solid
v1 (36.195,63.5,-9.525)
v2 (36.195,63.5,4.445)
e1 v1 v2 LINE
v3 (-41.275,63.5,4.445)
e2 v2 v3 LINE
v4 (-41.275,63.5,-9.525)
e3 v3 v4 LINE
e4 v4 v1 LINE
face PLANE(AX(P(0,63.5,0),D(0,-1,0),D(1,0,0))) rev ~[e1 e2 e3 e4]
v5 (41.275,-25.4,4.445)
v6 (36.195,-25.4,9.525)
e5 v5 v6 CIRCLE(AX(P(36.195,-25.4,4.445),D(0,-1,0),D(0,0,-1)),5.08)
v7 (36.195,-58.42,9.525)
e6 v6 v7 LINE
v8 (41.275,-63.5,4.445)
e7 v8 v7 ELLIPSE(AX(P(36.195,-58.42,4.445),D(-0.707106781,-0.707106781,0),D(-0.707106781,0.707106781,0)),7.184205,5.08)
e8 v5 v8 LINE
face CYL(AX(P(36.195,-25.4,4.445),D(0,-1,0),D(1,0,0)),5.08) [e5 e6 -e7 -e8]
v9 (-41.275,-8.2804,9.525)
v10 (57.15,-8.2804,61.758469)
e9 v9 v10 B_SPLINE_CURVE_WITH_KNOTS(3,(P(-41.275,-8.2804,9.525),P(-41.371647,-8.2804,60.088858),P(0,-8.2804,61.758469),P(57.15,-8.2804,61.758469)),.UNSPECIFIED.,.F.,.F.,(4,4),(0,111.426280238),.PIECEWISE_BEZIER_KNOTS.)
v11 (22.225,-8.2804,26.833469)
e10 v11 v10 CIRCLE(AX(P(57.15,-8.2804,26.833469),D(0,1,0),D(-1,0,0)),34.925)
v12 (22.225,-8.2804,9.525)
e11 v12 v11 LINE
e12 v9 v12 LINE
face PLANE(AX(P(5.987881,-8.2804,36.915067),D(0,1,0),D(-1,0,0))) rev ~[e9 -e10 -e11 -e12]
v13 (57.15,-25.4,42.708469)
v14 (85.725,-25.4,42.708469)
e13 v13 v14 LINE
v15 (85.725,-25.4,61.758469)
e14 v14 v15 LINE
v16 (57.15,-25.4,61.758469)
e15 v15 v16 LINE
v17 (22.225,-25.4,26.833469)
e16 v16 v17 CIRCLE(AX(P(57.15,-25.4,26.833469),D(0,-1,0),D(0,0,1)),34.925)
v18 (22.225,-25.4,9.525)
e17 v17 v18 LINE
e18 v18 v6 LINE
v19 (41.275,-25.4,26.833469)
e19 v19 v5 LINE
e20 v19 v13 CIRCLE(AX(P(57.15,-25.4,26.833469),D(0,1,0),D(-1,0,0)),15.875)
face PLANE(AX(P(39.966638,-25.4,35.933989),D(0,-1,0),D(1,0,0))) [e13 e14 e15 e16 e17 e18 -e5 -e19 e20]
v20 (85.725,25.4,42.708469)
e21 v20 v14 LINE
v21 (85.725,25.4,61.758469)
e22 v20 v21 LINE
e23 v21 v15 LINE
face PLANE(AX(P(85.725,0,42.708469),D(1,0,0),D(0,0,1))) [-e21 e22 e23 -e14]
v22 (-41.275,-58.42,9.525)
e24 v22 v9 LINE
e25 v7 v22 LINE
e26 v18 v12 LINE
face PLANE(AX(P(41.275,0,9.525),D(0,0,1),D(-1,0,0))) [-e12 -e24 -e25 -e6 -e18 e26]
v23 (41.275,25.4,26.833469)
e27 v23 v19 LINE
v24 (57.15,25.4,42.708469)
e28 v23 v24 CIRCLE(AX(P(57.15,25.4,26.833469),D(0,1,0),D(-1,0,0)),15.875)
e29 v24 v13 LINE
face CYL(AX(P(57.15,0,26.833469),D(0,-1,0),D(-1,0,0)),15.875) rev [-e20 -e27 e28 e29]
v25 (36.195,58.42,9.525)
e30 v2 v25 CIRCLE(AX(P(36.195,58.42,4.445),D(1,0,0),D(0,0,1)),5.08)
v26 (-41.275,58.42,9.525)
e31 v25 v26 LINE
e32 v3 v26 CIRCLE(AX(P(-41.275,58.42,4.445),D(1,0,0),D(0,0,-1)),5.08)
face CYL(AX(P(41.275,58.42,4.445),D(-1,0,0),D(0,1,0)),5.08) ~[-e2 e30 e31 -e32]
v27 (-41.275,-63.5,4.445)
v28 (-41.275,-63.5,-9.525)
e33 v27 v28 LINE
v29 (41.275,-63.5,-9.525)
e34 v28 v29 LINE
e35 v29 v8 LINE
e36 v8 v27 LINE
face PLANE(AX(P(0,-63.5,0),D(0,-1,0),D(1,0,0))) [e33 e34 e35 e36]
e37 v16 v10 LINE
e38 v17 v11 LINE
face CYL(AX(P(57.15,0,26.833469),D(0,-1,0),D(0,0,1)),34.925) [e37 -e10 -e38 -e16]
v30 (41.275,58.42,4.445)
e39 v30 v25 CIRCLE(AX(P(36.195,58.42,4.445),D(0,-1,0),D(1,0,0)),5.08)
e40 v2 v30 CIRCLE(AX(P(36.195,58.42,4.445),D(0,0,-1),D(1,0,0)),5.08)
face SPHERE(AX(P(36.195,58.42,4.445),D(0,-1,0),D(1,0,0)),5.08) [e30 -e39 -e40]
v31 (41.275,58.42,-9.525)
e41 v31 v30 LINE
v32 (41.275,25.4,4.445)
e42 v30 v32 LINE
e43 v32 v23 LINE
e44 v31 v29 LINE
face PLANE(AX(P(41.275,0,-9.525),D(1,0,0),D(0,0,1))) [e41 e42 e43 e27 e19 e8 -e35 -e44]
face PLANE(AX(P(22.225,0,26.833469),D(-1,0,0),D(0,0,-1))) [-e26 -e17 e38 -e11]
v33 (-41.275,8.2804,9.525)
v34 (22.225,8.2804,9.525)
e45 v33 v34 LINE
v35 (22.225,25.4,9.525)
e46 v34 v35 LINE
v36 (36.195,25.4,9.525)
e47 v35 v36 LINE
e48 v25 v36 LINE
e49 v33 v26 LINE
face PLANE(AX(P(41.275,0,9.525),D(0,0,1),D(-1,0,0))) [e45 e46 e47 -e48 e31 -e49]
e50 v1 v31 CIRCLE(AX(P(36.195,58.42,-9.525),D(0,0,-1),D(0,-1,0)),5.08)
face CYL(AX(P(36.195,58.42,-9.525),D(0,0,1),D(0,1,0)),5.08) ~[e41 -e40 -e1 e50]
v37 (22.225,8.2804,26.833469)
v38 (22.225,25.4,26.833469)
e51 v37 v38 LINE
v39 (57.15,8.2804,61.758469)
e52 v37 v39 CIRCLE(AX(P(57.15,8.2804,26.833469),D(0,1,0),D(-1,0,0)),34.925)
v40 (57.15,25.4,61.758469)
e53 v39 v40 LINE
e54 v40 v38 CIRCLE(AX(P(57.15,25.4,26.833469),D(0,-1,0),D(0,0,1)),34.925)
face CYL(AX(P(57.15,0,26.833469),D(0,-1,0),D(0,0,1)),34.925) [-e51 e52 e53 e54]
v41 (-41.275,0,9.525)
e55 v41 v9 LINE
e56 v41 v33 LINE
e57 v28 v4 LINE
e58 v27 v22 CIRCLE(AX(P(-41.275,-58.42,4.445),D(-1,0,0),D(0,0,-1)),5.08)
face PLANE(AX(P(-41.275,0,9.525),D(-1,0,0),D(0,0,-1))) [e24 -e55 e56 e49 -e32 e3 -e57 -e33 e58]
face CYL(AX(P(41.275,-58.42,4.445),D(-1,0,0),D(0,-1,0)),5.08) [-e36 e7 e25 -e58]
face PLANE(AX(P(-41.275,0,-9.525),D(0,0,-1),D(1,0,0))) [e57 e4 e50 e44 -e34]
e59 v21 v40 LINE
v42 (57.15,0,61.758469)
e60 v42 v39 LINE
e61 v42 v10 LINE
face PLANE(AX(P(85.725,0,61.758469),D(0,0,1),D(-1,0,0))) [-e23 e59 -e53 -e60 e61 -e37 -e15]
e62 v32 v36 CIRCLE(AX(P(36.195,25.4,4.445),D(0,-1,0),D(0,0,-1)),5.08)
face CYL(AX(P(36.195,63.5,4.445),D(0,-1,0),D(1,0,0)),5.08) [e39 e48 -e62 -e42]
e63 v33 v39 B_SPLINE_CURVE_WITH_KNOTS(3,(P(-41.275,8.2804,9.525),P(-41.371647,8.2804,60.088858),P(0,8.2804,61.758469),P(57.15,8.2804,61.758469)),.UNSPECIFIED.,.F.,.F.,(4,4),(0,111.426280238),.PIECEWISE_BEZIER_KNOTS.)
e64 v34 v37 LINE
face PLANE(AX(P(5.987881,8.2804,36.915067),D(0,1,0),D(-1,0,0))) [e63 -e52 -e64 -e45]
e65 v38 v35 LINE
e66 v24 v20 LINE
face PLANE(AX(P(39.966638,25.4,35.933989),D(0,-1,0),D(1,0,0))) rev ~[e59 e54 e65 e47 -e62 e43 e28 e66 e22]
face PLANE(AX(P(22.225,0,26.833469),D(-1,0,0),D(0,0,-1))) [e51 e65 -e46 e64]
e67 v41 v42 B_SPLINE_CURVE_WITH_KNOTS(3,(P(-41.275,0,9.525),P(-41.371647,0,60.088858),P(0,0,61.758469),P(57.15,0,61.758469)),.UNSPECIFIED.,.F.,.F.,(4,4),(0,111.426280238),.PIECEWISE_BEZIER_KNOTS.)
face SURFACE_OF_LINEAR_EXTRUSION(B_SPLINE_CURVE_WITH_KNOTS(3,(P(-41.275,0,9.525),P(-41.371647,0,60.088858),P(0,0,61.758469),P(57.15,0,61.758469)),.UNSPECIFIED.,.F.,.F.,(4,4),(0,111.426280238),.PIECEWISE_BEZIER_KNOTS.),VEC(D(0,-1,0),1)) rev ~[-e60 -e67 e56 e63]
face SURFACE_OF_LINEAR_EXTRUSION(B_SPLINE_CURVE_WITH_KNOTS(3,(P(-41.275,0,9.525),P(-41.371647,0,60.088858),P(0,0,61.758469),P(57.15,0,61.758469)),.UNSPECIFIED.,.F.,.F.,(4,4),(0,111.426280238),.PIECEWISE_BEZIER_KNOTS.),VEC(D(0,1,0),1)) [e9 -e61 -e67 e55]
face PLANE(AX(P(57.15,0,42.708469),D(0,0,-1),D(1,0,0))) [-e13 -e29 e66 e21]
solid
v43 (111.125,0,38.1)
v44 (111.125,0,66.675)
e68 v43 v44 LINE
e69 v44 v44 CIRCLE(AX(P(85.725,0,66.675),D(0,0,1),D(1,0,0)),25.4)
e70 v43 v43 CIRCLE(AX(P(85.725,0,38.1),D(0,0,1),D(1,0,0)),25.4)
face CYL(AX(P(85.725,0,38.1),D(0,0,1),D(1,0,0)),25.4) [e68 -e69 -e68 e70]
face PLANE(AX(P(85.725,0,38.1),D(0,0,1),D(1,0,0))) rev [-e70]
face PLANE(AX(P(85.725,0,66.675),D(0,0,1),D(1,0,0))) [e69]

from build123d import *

# Parameters (mm, degrees)
F1_DEPTH = 63.5
F0_W     = 25.4
F0_H     = 19.05
F2_DEPTH = 25.4
F3_DEPTH = 8.2804
F5_R     = 5.08


with BuildPart() as f1:
    # F0 (on Front) → F1 (new body, symmetric)
    with BuildSketch(Plane.XZ):
        Polygon((-41.275, -9.525), (41.275, -9.525), (41.275, 9.525), (22.225, 9.525), (-41.275, 9.525), align=None)
    extrude(amount=F1_DEPTH, both=True)

    # F0 (on Front) → F2 (join, symmetric)
    with BuildSketch(Plane.XZ):
        with BuildLine():
            Line((22.225, 9.525), (41.275, 9.525))
            Line((41.275, 9.525), (41.275, 26.8334691807))
            ThreePointArc((41.275, 26.8334691807), (45.9246798487, 38.058789332), (57.15, 42.7084691807))
            Line((57.15, 42.7084691807), (60.325, 42.7084691807))
            Line((60.325, 42.7084691807), (60.325, 61.7584691807))
            Line((60.325, 61.7584691807), (57.15, 61.7584691807))
            ThreePointArc((57.15, 61.7584691807), (32.4542956671, 51.5291735137), (22.225, 26.8334691807))
            Line((22.225, 26.8334691807), (22.225, 9.525))
        make_face()
        with Locations((73.025, 52.2334691807)):
            Rectangle(F0_W, F0_H)
    extrude(amount=F2_DEPTH, both=True)

    # F0 (on Front) → F3 (join, symmetric)
    with BuildSketch(Plane.XZ):
        with BuildLine():
            add(Edge.make_bspline(
                [(-41.275, 9.525), (-41.3716472685, 60.0888580084), (0, 61.7584691807), (57.15, 61.7584691807)],
                knots=[0, 0, 0, 0, 111.4262802379, 111.4262802379, 111.4262802379, 111.4262802379], degree=3))
            Line((-41.275, 9.525), (22.225, 9.525))
            Line((22.225, 9.525), (22.225, 26.8334691807))
            ThreePointArc((22.225, 26.8334691807), (32.4542956671, 51.5291735137), (57.15, 61.7584691807))
        make_face()
    extrude(amount=F3_DEPTH, both=True)

    # F5
    f5_edges = [f1.edges().sort_by_distance(p)[0] for p in [
        (0, -63.5, 9.525),
        (41.275, -44.45, 9.525),
        (41.275, 44.45, 9.525),
        (41.275, 63.5, 0),
        (0, 63.5, 9.525),
    ]]
    fillet(f5_edges, radius=F5_R)


with BuildPart() as f4:
    # F0 (on Front) → F4 (revolve)
    with BuildSketch(Plane.XZ):
        Polygon((85.725, 66.675), (85.725, 61.7584691807), (85.725, 42.7084691807), (85.725, 38.1), (111.125, 38.1), (111.125, 66.675), align=None)
    revolve(axis=Axis((85.725, 0, 52.3875), (0, 0, 1)))


solid = Compound([f1.part, f4.part])
